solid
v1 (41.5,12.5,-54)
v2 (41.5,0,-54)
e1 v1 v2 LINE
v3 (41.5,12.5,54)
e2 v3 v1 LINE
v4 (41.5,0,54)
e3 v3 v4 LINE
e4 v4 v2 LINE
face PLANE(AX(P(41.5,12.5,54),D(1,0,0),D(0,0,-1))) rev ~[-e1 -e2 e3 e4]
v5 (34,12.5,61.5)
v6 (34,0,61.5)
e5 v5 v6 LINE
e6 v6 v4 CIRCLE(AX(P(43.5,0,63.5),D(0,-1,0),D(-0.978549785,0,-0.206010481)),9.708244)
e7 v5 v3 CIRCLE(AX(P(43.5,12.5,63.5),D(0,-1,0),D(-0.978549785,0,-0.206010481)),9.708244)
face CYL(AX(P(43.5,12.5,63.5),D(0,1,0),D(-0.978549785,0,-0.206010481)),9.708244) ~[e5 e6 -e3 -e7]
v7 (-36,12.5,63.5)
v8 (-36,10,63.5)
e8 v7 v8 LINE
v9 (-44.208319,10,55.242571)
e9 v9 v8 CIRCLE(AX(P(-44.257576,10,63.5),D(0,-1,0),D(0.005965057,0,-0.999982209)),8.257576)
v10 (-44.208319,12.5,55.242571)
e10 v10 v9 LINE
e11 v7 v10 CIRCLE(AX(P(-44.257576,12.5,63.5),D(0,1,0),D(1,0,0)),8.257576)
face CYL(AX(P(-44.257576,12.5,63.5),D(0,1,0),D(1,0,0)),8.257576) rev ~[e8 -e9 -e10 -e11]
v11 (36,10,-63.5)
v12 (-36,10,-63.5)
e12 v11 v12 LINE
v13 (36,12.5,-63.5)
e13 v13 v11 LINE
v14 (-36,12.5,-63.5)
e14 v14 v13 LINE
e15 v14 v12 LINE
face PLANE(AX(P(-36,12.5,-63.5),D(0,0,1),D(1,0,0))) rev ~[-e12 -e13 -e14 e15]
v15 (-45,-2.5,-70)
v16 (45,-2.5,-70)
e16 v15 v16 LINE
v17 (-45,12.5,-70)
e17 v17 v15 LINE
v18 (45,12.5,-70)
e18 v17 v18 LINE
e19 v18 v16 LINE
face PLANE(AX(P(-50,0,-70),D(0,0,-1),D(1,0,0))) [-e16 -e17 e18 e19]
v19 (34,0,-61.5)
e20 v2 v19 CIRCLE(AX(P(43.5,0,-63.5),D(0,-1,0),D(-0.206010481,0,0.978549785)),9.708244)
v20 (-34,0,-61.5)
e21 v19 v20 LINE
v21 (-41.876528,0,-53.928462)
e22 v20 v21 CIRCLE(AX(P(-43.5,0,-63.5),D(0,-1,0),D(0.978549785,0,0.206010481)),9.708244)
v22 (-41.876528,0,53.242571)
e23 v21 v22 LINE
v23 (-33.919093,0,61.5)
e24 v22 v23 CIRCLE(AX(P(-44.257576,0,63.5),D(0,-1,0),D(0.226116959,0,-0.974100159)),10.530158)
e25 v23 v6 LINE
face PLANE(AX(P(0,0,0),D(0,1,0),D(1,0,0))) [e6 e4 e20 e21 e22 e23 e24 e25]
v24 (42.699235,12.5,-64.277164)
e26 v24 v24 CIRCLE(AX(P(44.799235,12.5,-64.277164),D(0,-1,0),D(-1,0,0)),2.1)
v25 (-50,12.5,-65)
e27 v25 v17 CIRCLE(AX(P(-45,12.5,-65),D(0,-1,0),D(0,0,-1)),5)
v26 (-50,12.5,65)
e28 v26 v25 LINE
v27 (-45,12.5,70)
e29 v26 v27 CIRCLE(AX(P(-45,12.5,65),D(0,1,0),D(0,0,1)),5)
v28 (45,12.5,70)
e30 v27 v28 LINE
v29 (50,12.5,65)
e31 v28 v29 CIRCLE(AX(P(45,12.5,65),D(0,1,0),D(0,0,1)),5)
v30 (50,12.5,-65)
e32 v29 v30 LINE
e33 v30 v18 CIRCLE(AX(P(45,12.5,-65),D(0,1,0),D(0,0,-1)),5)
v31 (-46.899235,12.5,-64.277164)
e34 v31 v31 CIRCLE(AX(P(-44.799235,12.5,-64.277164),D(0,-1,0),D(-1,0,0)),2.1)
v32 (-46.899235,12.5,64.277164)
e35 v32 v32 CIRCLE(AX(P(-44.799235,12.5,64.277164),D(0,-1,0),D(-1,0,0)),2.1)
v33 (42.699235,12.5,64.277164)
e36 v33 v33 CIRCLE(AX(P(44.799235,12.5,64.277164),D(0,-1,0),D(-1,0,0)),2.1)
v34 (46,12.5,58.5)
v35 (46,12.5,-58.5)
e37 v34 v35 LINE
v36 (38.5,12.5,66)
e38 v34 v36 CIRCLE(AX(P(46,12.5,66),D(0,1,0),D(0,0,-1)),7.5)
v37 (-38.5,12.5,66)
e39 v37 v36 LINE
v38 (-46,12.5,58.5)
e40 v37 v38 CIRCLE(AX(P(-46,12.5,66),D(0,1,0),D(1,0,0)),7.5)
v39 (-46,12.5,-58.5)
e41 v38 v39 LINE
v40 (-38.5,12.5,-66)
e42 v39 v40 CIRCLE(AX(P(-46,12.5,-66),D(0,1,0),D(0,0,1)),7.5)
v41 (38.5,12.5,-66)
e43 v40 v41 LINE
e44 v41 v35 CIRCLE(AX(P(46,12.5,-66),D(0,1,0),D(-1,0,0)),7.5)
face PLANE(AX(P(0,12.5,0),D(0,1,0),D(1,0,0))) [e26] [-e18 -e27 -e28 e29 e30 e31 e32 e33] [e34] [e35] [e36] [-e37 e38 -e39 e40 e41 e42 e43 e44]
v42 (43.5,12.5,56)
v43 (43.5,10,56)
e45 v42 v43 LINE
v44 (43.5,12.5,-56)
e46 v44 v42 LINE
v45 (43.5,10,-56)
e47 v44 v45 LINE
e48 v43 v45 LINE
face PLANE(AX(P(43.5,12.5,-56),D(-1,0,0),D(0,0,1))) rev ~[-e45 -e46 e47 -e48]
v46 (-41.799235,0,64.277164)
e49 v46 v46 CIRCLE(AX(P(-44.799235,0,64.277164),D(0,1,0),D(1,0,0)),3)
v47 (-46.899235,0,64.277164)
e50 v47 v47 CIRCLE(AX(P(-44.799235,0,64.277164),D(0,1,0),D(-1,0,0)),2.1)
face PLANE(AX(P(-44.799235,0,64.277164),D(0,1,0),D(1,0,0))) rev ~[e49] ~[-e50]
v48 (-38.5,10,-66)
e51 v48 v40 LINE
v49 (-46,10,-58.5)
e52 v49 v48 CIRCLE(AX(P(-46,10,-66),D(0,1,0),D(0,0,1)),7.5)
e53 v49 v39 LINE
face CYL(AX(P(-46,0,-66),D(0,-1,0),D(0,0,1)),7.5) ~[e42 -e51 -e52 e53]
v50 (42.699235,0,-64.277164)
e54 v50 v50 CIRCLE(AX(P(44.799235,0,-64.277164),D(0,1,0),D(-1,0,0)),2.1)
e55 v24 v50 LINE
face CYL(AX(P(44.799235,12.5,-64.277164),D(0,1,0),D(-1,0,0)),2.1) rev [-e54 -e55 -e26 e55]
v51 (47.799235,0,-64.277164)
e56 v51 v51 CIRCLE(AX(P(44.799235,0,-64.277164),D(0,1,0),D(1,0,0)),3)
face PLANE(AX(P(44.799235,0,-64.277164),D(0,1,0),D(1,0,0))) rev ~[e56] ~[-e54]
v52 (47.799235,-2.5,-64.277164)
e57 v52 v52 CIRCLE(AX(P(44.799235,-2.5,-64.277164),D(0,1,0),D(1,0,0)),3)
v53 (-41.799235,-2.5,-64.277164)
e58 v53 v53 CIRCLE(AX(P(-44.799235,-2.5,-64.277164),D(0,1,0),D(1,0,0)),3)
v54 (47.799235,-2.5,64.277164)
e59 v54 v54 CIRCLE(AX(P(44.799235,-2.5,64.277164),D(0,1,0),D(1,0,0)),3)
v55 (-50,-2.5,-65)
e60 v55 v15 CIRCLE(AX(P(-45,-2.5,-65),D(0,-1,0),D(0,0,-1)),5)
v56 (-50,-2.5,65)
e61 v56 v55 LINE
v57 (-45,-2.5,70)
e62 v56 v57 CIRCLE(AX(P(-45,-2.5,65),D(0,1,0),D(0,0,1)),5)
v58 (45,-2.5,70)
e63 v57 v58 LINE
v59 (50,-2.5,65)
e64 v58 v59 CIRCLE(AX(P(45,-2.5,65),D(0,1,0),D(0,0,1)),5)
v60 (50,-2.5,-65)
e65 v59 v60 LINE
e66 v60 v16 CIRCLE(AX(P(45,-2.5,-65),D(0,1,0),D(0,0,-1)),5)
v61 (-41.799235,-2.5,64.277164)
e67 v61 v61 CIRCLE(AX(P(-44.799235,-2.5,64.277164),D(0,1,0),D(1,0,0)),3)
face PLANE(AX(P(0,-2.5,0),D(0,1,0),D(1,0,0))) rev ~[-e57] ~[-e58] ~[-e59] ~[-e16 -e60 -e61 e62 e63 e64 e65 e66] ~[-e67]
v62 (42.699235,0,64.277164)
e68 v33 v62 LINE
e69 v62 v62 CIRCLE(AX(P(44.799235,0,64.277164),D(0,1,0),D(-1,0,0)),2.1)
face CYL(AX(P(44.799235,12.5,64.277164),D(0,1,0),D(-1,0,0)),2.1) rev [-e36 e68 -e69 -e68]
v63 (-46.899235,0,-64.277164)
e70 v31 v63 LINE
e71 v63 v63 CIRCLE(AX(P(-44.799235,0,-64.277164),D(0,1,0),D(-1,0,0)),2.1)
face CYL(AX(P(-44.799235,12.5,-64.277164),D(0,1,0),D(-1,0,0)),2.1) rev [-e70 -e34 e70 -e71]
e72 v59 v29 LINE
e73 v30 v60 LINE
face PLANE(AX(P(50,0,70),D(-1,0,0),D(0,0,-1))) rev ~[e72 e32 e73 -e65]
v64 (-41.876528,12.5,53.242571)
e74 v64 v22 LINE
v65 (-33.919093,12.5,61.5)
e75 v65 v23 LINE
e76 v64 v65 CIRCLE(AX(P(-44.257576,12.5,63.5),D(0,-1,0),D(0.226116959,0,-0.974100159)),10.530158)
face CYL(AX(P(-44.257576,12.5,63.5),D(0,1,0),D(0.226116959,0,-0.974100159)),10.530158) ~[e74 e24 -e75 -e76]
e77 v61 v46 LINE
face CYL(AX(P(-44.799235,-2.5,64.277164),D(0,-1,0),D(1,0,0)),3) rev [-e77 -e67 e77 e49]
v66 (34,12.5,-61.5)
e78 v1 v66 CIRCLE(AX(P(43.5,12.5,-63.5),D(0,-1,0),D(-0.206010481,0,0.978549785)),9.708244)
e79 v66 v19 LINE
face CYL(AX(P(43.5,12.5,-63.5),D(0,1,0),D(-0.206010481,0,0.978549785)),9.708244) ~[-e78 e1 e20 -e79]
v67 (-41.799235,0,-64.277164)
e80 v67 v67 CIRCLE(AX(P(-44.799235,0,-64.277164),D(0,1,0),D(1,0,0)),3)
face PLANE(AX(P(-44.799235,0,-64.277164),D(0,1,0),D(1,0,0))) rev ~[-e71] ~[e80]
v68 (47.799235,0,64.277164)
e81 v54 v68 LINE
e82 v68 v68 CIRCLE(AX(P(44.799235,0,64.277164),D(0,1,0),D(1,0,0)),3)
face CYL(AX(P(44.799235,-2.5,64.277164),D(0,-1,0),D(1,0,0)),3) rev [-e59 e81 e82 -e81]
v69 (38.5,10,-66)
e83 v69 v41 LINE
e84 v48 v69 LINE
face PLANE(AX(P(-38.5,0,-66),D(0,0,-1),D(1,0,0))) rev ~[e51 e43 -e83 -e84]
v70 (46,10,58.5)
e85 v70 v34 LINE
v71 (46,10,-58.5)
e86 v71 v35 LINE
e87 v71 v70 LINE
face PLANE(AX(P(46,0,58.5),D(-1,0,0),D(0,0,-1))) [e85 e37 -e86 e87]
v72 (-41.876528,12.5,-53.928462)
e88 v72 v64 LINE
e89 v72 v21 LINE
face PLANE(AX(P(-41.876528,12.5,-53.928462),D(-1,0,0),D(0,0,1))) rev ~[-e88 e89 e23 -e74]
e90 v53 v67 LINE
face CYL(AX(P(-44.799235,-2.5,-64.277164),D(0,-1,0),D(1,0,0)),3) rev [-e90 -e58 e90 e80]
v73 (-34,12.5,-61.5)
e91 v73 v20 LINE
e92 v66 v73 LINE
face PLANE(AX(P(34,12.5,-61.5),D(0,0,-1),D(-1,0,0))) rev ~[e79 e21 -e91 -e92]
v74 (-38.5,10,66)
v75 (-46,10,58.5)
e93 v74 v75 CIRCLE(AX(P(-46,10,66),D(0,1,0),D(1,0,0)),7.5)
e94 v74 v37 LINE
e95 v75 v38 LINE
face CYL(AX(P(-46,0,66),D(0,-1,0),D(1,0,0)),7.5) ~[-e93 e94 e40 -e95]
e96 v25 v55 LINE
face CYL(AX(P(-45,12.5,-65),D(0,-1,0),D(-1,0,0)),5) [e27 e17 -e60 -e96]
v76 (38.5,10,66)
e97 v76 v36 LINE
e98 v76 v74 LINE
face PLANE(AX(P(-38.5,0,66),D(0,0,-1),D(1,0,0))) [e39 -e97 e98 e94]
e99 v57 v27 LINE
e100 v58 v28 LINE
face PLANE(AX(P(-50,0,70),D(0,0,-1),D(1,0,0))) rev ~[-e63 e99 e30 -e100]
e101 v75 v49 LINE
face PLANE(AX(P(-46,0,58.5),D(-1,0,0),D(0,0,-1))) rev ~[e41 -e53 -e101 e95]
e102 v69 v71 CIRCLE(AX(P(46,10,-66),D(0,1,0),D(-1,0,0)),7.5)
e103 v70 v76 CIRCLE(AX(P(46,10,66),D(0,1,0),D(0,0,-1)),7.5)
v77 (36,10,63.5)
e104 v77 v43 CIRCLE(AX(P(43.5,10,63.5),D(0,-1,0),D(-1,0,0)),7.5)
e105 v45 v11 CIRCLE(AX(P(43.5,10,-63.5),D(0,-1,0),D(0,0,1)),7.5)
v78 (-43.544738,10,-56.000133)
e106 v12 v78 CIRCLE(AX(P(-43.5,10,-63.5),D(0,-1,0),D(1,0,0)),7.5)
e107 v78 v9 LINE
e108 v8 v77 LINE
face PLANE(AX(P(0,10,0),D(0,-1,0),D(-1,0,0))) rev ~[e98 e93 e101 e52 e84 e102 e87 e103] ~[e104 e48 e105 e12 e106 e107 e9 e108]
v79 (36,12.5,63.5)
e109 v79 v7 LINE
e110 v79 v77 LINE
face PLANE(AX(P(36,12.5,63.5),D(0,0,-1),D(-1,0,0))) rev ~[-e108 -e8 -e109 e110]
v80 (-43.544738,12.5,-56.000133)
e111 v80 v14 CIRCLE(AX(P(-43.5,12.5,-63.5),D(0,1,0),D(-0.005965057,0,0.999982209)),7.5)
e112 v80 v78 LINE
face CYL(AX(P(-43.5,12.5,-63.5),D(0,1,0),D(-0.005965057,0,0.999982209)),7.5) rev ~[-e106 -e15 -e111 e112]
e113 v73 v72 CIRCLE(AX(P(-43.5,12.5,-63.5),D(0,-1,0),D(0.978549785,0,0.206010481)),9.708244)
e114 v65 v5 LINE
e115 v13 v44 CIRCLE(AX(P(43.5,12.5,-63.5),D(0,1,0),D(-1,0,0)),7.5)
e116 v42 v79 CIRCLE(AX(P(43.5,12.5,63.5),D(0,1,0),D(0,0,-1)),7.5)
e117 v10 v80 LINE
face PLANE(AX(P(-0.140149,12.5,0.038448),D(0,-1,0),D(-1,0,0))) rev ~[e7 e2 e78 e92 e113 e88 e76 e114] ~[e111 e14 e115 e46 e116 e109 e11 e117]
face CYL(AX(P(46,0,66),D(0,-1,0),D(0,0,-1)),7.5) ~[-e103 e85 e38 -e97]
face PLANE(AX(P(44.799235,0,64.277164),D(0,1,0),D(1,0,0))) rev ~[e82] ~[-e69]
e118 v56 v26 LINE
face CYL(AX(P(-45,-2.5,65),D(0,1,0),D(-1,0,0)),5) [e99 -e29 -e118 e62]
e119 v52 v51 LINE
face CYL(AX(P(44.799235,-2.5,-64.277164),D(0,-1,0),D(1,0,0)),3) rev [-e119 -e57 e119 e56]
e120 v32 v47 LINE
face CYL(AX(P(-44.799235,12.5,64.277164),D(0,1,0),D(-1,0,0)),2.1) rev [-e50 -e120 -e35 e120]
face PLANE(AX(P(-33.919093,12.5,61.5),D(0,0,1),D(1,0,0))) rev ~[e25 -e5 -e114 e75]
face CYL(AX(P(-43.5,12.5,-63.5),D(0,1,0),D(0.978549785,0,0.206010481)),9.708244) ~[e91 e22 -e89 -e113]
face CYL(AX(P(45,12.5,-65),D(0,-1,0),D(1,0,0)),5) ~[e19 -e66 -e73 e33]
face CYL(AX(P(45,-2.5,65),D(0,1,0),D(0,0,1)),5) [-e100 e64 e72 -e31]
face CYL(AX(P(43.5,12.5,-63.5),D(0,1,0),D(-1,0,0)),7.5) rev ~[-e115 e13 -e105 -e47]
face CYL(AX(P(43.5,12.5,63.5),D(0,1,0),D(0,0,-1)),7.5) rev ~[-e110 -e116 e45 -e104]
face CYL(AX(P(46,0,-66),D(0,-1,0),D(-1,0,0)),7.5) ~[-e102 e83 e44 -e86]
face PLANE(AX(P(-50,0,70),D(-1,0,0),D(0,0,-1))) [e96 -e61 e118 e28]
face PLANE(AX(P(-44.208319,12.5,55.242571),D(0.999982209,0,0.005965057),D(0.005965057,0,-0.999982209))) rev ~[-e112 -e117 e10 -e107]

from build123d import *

# Parameters (mm, degrees)
BASE_W              = 100
BASE_H              = 140
BOTTOM_DEPTH        = 2.5
WALL_W              = 100
WALL_H              = 140
WALL_W_2            = 92
WALL_H_2            = 132
WALLS_DEPTH         = 12.5
MAINFILLET_R        = 5
DRILLHOLES_R        = 2.1
DRILLING_DEPTH      = 45
SKETCH8_R           = 3
CUT_EXTRUDE2_DEPTH  = 2.5
BOSS_EXTRUDE1_DEPTH = 12.5
BOSS_EXTRUDE2_DEPTH = 10


with BuildPart() as part:
    # Base → Bottom (new body)
    with BuildSketch(Plane(origin=(0, 0, 0), x_dir=(1, 0, 0), z_dir=(0, 1, 0))):
        Rectangle(BASE_W, BASE_H)
    extrude(amount=-BOTTOM_DEPTH)

    # Wall → Walls (add)
    with BuildSketch(Plane(origin=(0, 0, 0), x_dir=(1, 0, 0), z_dir=(0, 1, 0))):
        Rectangle(WALL_W, WALL_H)
        Rectangle(WALL_W_2, WALL_H_2, mode=Mode.SUBTRACT)
        with BuildLine():
            Line((-46, -58.5), (-46, -66))
            Line((-46, -66), (-38.5, -66))
            ThreePointArc((-38.5, -66), (-40.696699141, -60.696699141), (-46, -58.5))
        make_face()
        with BuildLine():
            ThreePointArc((46, -58.5), (40.696699141, -60.696699141), (38.5, -66))
            Line((38.5, -66), (46, -66))
            Line((46, -66), (46, -58.5))
        make_face()
        with BuildLine():
            Line((-46, 66), (-46, 58.5))
            ThreePointArc((-46, 58.5), (-40.696699141, 60.696699141), (-38.5, 66))
            Line((-38.5, 66), (-46, 66))
        make_face()
        with BuildLine():
            Line((46, 66), (38.5, 66))
            ThreePointArc((38.5, 66), (40.696699141, 60.696699141), (46, 58.5))
            Line((46, 58.5), (46, 66))
        make_face()
    extrude(amount=WALLS_DEPTH)

    # MainFillet
    mainfillet_edges = [part.edges().sort_by_distance(p)[0] for p in [
        (50, 5, -70),
        (50, 5, 70),
        (-50, 5, 70),
        (-50, 5, -70),
    ]]
    fillet(mainfillet_edges, radius=MAINFILLET_R)

    # DrillHoles → Drilling (cut)
    with BuildSketch(Plane(origin=(0, 12.5, 0), x_dir=(-1, 0, 0), z_dir=(0, -1, 0))):
        with Locations((44.79923541, 64.27716385)):
            Circle(DRILLHOLES_R)
        with Locations((44.79923541, -64.27716385)):
            Circle(DRILLHOLES_R)
        with Locations((-44.79923541, -64.27716385)):
            Circle(DRILLHOLES_R)
        with Locations((-44.79923541, 64.27716385)):
            Circle(DRILLHOLES_R)
    extrude(amount=DRILLING_DEPTH, mode=Mode.SUBTRACT)

    # Sketch8 → Cut-Extrude2 (cut)
    with BuildSketch(Plane(origin=(0, -2.5, 0), x_dir=(1, 0, 0), z_dir=(0, 1, 0))):
        with Locations((-44.79923541, 64.27716385)):
            Circle(SKETCH8_R)
        with Locations((44.79923541, 64.27716385)):
            Circle(SKETCH8_R)
        with Locations((-44.79923541, -64.27716385)):
            Circle(SKETCH8_R)
        with Locations((44.79923541, -64.27716385)):
            Circle(SKETCH8_R)
    extrude(amount=CUT_EXTRUDE2_DEPTH, mode=Mode.SUBTRACT)

    # Extrusion → Boss-Extrude1 (add)
    with BuildSketch(Plane(origin=(0, 12.5, 0), x_dir=(-1, 0, 0), z_dir=(0, -1, 0))):
        with BuildLine():
            Line((44.208318845, -55.242571154), (43.54473793, 56.000133433))
            ThreePointArc((43.54473793, 56.000133433), (38.212540046, 58.180905412), (36, 63.5))
            Line((36, 63.5), (-36, 63.5))
            ThreePointArc((-36, 63.5), (-38.196699141, 58.196699141), (-43.5, 56))
            Line((-43.5, 56), (-43.5, -56))
            ThreePointArc((-43.5, -56), (-38.196699141, -58.196699141), (-36, -63.5))
            Line((-36, -63.5), (36, -63.5))
            ThreePointArc((36, -63.5), (38.401198888, -57.678453182), (44.208318845, -55.242571154))
        make_face()
        with BuildLine():
            Line((41.876528387, 53.928461988), (41.876528387, -53.242571154))
            ThreePointArc((41.876528387, -53.242571154), (36.675168704, -56.193062448), (33.919092643, -61.5))
            Line((33.919092643, -61.5), (-34, -61.5))
            ThreePointArc((-34, -61.5), (-36.635234891, -56.635234891), (-41.5, -54))
            Line((-41.5, -54), (-41.5, 54))
            ThreePointArc((-41.5, 54), (-36.635234891, 56.635234891), (-34, 61.5))
            Line((-34, 61.5), (34, 61.5))
            ThreePointArc((34, 61.5), (36.772076684, 56.501068092), (41.876528387, 53.928461988))
        make_face(mode=Mode.SUBTRACT)
    extrude(amount=BOSS_EXTRUDE1_DEPTH)

    # Gasket → Boss-Extrude2 (add)
    with BuildSketch(Plane(origin=(0, 0, 0), x_dir=(1, 0, 0), z_dir=(0, 1, 0))):
        with BuildLine():
            Line((-38.5, 66), (38.5, 66))
            ThreePointArc((38.5, 66), (40.696699141, 60.696699141), (46, 58.5))
            Line((46, 58.5), (46, -58.5))
            ThreePointArc((46, -58.5), (40.696699141, -60.696699141), (38.5, -66))
            Line((38.5, -66), (-38.5, -66))
            ThreePointArc((-38.5, -66), (-40.696699141, -60.696699141), (-46, -58.5))
            Line((-46, -58.5), (-46, 58.5))
            ThreePointArc((-46, 58.5), (-40.696699141, 60.696699141), (-38.5, 66))
        make_face()
        with BuildLine():
            Line((-36, -63.5), (36, -63.5))
            ThreePointArc((36, -63.5), (38.196699141, -58.196699141), (43.5, -56))
            Line((43.5, -56), (43.5, 56))
            ThreePointArc((43.5, 56), (38.196699141, 58.196699141), (36, 63.5))
            Line((36, 63.5), (-36, 63.5))
            ThreePointArc((-36, 63.5), (-38.212540046, 58.180905412), (-43.54473793, 56.000133433))
            Line((-43.54473793, 56.000133433), (-44.208318845, -55.242571154))
            ThreePointArc((-44.208318845, -55.242571154), (-38.401198888, -57.678453182), (-36, -63.5))
        make_face(mode=Mode.SUBTRACT)
    extrude(amount=BOSS_EXTRUDE2_DEPTH)


solid = part.part
